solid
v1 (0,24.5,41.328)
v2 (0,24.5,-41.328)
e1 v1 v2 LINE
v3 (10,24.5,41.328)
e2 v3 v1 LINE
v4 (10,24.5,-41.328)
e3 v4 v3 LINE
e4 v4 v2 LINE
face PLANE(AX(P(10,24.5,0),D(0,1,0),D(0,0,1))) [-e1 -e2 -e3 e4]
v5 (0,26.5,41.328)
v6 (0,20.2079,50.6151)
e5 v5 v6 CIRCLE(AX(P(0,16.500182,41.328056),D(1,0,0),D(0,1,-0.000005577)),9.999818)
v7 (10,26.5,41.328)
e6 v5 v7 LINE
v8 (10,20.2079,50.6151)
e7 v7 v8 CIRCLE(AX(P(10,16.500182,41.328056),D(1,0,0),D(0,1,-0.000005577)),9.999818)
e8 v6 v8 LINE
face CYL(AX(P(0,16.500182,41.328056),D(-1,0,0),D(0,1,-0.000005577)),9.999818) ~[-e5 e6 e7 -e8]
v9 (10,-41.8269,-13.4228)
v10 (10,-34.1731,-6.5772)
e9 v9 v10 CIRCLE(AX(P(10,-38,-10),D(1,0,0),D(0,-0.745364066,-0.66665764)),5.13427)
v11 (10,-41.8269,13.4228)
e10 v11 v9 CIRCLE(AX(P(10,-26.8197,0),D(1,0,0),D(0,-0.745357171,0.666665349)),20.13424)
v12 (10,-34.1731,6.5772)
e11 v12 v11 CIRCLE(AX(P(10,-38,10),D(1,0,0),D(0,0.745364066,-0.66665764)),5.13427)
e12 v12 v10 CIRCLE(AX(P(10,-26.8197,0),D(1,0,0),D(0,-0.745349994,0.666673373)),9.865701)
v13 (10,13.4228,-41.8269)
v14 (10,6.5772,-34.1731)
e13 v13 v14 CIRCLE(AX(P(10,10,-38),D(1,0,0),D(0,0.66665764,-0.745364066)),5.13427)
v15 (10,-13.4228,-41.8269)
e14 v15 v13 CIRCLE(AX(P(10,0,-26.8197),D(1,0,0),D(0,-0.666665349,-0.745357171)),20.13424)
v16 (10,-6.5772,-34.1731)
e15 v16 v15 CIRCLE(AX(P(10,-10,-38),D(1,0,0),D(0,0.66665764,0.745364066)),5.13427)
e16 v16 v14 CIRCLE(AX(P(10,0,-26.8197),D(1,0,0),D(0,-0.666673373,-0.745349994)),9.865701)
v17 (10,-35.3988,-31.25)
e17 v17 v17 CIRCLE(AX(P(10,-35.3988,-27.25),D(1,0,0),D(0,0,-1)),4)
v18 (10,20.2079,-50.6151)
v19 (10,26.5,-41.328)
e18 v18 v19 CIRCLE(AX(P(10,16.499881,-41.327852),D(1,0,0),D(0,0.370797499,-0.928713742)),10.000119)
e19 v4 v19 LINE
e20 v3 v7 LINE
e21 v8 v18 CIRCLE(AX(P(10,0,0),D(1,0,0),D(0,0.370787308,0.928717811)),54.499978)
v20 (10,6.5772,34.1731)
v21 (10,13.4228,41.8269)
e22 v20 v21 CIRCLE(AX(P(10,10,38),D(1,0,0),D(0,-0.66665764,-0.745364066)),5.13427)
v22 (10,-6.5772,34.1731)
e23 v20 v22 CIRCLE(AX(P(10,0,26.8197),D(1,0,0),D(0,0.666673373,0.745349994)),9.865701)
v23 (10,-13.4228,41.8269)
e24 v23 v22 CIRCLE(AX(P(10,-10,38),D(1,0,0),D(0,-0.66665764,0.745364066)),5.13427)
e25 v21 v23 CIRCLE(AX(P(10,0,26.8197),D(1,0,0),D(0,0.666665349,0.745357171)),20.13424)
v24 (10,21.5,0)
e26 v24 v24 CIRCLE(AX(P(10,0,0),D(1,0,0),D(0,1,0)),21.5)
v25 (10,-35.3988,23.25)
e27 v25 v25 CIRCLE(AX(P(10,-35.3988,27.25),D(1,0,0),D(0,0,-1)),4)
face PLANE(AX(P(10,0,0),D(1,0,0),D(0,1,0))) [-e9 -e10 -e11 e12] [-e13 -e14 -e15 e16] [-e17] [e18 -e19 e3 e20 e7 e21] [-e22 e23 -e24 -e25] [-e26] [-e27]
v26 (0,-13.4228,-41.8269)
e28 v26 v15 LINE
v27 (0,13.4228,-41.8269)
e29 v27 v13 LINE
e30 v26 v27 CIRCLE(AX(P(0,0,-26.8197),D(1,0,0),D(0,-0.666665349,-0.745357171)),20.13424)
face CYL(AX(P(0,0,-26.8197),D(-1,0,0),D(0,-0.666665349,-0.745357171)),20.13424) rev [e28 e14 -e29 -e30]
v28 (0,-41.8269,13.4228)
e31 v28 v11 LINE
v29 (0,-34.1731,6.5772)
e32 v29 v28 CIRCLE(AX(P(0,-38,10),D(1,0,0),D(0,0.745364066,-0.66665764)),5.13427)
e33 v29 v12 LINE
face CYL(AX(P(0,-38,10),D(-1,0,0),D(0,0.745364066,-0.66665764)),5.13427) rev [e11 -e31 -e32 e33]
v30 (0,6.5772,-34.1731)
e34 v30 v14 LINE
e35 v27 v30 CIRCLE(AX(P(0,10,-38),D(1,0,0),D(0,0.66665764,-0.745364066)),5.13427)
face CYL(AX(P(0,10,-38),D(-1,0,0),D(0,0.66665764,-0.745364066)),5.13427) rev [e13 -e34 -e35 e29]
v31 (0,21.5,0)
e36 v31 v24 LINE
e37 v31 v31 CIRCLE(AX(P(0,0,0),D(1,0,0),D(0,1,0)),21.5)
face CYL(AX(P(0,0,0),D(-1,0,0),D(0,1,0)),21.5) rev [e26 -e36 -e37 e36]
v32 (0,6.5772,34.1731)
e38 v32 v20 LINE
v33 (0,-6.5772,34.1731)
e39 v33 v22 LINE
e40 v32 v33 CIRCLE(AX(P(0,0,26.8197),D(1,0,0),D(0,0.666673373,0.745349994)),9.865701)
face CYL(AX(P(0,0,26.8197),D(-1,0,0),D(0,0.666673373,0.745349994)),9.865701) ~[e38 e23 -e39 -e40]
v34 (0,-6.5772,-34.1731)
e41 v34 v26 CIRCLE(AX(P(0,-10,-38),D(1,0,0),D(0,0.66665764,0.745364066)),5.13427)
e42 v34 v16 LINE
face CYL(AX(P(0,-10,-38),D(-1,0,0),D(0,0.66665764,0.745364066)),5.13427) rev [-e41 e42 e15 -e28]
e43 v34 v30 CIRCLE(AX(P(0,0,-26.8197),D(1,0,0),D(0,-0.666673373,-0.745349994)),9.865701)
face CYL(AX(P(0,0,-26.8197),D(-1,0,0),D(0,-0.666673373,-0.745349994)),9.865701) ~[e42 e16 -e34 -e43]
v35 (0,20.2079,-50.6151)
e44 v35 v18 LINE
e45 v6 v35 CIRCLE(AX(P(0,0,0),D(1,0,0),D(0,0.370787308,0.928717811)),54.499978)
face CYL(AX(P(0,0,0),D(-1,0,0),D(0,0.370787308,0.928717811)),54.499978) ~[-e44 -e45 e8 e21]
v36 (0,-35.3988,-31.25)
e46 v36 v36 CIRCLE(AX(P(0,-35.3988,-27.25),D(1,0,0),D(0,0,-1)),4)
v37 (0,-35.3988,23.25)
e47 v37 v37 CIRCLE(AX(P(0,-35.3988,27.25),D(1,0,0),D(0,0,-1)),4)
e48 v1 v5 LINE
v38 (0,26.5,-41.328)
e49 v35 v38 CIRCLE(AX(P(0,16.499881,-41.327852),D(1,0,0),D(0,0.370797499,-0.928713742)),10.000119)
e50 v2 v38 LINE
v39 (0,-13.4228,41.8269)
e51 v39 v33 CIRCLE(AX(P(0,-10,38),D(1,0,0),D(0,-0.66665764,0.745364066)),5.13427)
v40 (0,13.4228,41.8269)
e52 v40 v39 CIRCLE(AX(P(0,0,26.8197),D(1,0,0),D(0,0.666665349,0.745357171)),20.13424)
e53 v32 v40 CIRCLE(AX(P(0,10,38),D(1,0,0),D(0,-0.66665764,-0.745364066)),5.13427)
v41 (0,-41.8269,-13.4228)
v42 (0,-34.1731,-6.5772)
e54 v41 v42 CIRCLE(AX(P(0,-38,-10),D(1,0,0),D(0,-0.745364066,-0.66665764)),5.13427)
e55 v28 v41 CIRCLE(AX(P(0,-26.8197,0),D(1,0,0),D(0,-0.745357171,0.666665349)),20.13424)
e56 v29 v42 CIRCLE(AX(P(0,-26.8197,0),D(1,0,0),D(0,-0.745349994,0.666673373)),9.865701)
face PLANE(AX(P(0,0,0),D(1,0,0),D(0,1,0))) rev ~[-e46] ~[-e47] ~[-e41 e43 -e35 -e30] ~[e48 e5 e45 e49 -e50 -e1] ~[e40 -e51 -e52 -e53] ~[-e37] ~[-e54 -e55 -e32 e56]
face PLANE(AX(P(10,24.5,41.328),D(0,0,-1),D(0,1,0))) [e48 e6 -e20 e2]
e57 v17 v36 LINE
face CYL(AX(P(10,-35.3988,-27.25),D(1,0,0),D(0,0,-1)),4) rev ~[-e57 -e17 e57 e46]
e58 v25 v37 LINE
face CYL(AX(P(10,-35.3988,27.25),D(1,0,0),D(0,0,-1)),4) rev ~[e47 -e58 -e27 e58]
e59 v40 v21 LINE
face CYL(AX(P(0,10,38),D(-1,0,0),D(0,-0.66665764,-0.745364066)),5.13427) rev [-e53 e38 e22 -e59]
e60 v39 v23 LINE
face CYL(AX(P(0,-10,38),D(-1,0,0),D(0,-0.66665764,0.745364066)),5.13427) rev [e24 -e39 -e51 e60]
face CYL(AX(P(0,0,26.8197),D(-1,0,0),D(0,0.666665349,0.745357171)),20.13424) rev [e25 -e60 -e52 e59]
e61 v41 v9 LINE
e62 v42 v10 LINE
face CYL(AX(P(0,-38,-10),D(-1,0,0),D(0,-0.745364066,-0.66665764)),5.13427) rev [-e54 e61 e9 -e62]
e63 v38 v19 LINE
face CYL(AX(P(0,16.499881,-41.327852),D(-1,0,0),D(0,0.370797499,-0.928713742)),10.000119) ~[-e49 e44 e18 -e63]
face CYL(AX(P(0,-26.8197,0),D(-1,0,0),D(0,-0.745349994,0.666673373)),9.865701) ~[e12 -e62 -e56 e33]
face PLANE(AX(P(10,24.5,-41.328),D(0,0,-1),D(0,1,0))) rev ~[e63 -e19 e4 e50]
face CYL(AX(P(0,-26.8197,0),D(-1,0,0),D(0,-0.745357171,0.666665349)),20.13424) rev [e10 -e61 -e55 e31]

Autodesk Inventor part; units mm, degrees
ref_plane "YZ Plane" through (0, 0, 0) normal (1, 0, 0) x (0, 1, 0)
ref_plane "XZ Plane" through (0, 0, 0) normal (0, 1, 0) x (-1, 0, 0)
ref_plane "XY Plane" through (0, 0, 0) normal (0, 0, 1) x (1, 0, 0)
sketch "Sketch1" plane through (0, 0, 0) normal (1, 0, 0) x (0, 1, 0)
  arc A0 (13.4228, -41.8269) -> (6.5772, -34.1731) centre (10, -38) ccw
  arc A1 (-13.4228, -41.8269) -> (13.4228, -41.8269) centre (0, -26.8197) ccw
  arc A2 (-6.5772, -34.1731) -> (-13.4228, -41.8269) centre (-10, -38) ccw
  arc A3 (-6.5772, -34.1731) -> (6.5772, -34.1731) centre (0, -26.8197) ccw
  arc A4 (-41.8269, -13.4228) -> (-34.1731, -6.5772) centre (-38, -10) ccw
  arc A5 (-41.8269, 13.4228) -> (-41.8269, -13.4228) centre (-26.8197, 0) ccw
  arc A6 (-34.1731, 6.5772) -> (-41.8269, 13.4228) centre (-38, 10) ccw
  arc A7 (-34.1731, 6.5772) -> (-34.1731, -6.5772) centre (-26.8197, 0) ccw
  arc A8 (-13.4228, 41.8269) -> (-6.5772, 34.1731) centre (-10, 38) ccw
  arc A9 (13.4228, 41.8269) -> (-13.4228, 41.8269) centre (0, 26.8197) ccw
  arc A10 (6.5772, 34.1731) -> (13.4228, 41.8269) centre (10, 38) ccw
  arc A11 (6.5772, 34.1731) -> (-6.5772, 34.1731) centre (0, 26.8197) ccw
  circle A12 centre (0, 0) radius 21.5
  circle A13 centre (-35.3988, 27.25) radius 3.5
  circle A14 centre (-35.3988, -27.25) radius 3.5
  arc A15 (20.2079, 50.6151) -> (20.2079, -50.6151) centre (0, 0) ccw
  line L0 (26.5, -41.328) -> (26.5, 41.328)
  arc A16 (26.5, 41.328) -> (20.2079, 50.6151) centre (16.5, 41.328) ccw
  arc A17 (20.2079, -50.6151) -> (26.5, -41.328) centre (16.5, -41.328) ccw
  point P0 (26.5, -47.6235)
  point P1 (26.5, 47.6235)
  dimension "d4" = 10
  dimension "d5" = 10
extrude "Extrusion1" add sketch "Sketch1" along normal blind 10
sketch "Sketch2" plane through (10, 0, 0) normal (1, 0, 0) x (0, 0, -1)
  line L0 (41.328, 26.5) -> (-41.328, 26.5) projected
  line L1 (0, 24.5) -> (41.328, 24.5)
  line L2 (41.328, 24.5) -> (41.328, 26.5)
  line L3 (0, 24.5) -> (-41.328, 24.5)
  line L4 (-41.328, 24.5) -> (-41.328, 26.5)
  point P0 (0, 0)
extrude "Extrusion2" cut sketch "Sketch2" against normal blind 10
sketch "Sketch3" plane through (10, 0, 0) normal (1, 0, 0) x (0, 0, -1)
  circle A0 centre (-27.25, -35.3988) radius 3.5 projected
  circle A1 centre (27.25, -35.3988) radius 3.5 projected
  circle A2 centre (-27.25, -35.3988) radius 4
  circle A3 centre (27.25, -35.3988) radius 4
  point P0 (0, 0)
  dimension "d11" = 8
  dimension "d12" = 8
extrude "Extrusion3" cut sketch "Sketch3" against normal blind 10
properties part number "ballast_tengah"
